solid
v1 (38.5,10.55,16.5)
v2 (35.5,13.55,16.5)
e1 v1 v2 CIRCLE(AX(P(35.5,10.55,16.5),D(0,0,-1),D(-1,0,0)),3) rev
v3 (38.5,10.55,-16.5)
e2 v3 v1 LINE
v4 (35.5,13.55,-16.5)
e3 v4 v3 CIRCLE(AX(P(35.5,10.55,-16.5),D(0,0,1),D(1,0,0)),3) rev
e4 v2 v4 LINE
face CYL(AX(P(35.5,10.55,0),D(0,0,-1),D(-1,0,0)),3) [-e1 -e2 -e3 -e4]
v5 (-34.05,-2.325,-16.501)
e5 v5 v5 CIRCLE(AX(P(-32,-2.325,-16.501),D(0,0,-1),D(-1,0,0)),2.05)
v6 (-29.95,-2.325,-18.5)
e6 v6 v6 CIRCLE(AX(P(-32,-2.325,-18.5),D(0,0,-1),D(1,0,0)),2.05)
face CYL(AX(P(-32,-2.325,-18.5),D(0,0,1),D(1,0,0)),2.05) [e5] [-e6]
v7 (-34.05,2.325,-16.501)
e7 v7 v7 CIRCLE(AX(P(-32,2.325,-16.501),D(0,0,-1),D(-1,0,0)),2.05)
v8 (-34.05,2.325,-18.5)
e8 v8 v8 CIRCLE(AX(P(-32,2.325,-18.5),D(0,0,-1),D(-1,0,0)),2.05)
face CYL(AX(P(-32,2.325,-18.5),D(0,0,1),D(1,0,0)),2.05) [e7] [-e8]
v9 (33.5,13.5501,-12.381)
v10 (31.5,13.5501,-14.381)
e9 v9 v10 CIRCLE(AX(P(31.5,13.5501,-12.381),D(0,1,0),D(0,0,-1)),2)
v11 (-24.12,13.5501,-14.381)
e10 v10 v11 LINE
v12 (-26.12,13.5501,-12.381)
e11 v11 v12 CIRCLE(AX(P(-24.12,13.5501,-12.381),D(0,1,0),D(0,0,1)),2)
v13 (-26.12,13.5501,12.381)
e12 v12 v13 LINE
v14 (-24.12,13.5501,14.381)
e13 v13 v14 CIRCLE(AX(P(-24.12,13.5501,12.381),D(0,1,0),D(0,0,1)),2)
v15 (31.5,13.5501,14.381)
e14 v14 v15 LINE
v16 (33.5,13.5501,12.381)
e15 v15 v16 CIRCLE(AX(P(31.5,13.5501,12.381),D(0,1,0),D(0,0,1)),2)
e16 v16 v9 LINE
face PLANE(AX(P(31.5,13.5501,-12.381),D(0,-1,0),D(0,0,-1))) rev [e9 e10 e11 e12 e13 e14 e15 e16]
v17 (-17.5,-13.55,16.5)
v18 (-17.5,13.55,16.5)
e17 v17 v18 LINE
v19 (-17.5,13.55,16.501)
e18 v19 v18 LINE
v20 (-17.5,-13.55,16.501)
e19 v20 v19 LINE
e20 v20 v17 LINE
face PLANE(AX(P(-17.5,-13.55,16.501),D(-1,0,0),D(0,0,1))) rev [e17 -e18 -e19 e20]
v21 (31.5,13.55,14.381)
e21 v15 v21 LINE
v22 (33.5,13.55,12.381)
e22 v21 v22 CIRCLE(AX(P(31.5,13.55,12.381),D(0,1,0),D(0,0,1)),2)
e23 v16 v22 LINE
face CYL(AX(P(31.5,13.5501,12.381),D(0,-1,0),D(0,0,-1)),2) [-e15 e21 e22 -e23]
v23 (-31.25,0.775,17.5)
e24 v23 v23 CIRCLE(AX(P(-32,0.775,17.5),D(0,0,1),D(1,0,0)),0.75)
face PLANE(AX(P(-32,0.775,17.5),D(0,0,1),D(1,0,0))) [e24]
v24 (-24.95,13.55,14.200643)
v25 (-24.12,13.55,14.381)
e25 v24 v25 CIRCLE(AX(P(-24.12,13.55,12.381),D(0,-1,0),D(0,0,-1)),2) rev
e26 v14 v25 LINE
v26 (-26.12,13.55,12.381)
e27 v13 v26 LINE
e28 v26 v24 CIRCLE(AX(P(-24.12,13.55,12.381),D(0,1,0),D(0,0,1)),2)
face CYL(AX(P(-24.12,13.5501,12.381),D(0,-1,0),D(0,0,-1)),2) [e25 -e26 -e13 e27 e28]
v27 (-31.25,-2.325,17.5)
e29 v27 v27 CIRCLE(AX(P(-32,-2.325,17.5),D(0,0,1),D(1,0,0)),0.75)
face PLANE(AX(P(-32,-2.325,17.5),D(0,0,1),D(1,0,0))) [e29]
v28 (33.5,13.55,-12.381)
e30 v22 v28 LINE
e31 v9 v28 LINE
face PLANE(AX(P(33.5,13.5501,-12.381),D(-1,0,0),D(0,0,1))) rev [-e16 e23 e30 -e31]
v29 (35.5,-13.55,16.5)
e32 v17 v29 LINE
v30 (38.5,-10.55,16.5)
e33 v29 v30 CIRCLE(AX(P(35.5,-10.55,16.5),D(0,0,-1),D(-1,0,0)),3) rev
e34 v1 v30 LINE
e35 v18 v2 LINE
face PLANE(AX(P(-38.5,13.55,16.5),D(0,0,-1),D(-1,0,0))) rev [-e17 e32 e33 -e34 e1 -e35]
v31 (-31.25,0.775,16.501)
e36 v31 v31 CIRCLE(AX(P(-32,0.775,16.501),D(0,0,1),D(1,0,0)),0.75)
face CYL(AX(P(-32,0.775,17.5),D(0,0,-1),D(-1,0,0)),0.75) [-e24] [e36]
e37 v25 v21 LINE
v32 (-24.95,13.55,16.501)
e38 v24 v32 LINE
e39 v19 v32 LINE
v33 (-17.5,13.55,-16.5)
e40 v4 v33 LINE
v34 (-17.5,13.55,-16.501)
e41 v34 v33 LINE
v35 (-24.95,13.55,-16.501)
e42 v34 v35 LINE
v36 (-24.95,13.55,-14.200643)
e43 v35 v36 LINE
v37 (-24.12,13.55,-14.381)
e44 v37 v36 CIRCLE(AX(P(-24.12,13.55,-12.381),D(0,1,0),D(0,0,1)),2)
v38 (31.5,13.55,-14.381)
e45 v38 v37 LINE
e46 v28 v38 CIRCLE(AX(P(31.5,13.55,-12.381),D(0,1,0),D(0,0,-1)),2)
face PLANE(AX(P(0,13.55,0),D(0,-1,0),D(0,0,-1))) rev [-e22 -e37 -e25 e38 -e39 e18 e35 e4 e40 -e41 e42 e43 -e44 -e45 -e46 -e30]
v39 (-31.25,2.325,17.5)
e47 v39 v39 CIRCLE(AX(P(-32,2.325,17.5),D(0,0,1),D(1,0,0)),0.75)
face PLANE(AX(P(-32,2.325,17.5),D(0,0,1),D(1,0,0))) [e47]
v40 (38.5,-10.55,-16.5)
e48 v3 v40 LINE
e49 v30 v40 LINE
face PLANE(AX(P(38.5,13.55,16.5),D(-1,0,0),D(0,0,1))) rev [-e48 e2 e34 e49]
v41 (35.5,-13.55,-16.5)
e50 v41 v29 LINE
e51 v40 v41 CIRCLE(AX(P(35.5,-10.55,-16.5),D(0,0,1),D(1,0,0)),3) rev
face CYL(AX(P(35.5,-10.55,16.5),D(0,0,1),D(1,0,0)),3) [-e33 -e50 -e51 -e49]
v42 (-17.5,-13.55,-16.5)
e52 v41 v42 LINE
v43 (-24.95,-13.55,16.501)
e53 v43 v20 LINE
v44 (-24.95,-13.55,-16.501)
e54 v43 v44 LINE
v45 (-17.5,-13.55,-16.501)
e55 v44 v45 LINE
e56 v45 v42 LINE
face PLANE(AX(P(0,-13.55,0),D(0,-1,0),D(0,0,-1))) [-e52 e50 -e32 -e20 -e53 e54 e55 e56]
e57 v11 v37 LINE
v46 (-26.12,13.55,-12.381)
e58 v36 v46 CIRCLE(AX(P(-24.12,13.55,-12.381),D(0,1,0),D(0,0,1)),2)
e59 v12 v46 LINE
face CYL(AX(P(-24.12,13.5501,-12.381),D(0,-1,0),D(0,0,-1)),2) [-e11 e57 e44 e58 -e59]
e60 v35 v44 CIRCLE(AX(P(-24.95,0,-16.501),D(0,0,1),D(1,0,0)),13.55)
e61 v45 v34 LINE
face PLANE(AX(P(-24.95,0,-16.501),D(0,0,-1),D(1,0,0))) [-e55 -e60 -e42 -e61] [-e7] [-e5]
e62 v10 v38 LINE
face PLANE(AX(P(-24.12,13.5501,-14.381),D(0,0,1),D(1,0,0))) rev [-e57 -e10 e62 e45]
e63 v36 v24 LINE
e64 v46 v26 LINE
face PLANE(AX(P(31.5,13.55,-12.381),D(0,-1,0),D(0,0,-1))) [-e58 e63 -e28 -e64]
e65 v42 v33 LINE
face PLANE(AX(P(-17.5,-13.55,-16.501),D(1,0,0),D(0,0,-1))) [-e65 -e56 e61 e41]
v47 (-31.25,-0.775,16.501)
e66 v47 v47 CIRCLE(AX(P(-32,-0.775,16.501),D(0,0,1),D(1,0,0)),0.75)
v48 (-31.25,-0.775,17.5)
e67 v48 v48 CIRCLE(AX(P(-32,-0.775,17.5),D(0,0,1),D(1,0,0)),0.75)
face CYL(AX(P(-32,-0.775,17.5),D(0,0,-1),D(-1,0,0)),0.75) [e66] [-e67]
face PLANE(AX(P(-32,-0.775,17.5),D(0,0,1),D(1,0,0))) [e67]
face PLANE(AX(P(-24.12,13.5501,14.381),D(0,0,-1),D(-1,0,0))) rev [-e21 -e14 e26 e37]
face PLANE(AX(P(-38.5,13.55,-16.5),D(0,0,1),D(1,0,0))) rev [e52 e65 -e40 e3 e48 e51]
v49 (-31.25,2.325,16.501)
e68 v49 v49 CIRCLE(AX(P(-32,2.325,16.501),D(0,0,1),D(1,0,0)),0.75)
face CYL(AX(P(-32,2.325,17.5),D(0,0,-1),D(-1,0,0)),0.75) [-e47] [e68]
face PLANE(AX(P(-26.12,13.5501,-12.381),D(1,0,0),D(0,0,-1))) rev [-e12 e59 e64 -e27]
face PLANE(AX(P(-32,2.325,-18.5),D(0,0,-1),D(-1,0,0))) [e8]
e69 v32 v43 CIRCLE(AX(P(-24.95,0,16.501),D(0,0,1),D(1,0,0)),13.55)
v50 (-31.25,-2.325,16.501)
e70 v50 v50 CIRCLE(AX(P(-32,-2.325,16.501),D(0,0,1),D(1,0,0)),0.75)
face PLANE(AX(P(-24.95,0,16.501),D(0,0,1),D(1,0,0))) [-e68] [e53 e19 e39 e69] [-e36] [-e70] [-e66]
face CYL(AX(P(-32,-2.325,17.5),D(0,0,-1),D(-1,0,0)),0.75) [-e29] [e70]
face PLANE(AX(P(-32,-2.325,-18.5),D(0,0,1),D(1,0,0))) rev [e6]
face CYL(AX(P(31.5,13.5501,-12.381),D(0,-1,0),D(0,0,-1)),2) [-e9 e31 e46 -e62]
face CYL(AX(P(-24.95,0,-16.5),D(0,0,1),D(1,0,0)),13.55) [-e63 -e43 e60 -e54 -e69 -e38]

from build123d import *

# Parameters (mm, degrees)
ESBO_O1_W                = 77
ESBO_O1_H                = 33
RESSALTO_EXTRUS_O1_DEPTH = 13.55
FILETE1_RADIUS           = 13.55
FILETE1_LENGTH           = 33
FILETE2_R                = 3
ESBO_O2_R                = 0.75
RESSALTO_EXTRUS_O6_DEPTH = 1
ESBO_O3_R                = 2.05
RESSALTO_EXTRUS_O7_DEPTH = 2
RESSALTO_EXTRUS_O8_DEPTH = 0.001
RESSALTO_EXTRUS_O9_DEPTH = 0.0001


with BuildPart() as part:
    # Esboço1 → Ressalto-extrusão1 (new, symmetric)
    with BuildSketch(Plane(origin=(0, 0, 0), x_dir=(1, 0, 0), z_dir=(0, 1, 0))):
        Rectangle(ESBO_O1_W, ESBO_O1_H)
    extrude(amount=RESSALTO_EXTRUS_O1_DEPTH, both=True)

    # Filete1: full round fillet: the end face becomes a half cylinder, R = half its width
    filete1_face = Plane((-38.5, 0, 0), x_dir=(0, 0, -1), z_dir=(-1, 0, 0))  # on the end face: x along it, z out of the body
    filete1_slab = filete1_face.offset(-FILETE1_RADIUS / 2) * Box(FILETE1_LENGTH, 2 * FILETE1_RADIUS, FILETE1_RADIUS, mode=Mode.PRIVATE)  # the body's end, R deep
    filete1_round = Plane((-24.95, 0, 0), x_dir=(-1, 0, 0), z_dir=(0, 0, -1)) * Cylinder(FILETE1_RADIUS, FILETE1_LENGTH, mode=Mode.PRIVATE)  # its axis R under the face
    add(filete1_slab - filete1_round, mode=Mode.SUBTRACT)

    # Filete2
    filete2_edges = [part.edges().sort_by_distance(p)[0] for p in [
        (38.5, 13.55, 0),
        (38.5, -13.55, 0),
    ]]
    fillet(filete2_edges, radius=FILETE2_R)

    # Esboço2 → Ressalto-extrusão6 (add)
    with BuildSketch(Plane.XY.offset(16.5)):
        with Locations(Location((-32, 2.325, 0), (0, 0, 180))):
            Circle(ESBO_O2_R)
        with Locations(Location((-32, 0.775, 0), (0, 0, 180))):
            Circle(ESBO_O2_R)
        with Locations(Location((-32, -0.775, 0), (0, 0, 180))):
            Circle(ESBO_O2_R)
        with Locations(Location((-32, -2.325, 0), (0, 0, 180))):
            Circle(ESBO_O2_R)
    extrude(amount=RESSALTO_EXTRUS_O6_DEPTH)

    # Esboço3 → Ressalto-extrusão7 (add)
    with BuildSketch(Plane(origin=(0, 0, -16.5), x_dir=(-1, 0, 0), z_dir=(0, 0, -1))):
        with Locations(Location((32, 2.325, 0), (0, 0, 180))):
            Circle(ESBO_O3_R)
        with Locations(Location((32, -2.325, 0), (0, 0, 180))):
            Circle(ESBO_O3_R)
    extrude(amount=RESSALTO_EXTRUS_O7_DEPTH)

    # Esboço4 → Ressalto-extrusão8 (add)
    with BuildSketch(Plane.XY.offset(16.5)):
        with BuildLine():
            Line((-17.5, -13.55), (-17.5, 13.55))
            Line((-17.5, 13.55), (-24.95, 13.55))
            ThreePointArc((-24.95, 13.55), (-38.5, 0), (-24.95, -13.55))
            Line((-24.95, -13.55), (-17.5, -13.55))
        make_face()
    ressalto_extrus_o8 = extrude(amount=RESSALTO_EXTRUS_O8_DEPTH)

    # Espelhar1: Ressalto-extrusão8 across plane
    add(ressalto_extrus_o8.mirror(Plane.XY))

    # Esboço6 → Ressalto-extrusão9 (add)
    with BuildSketch(Plane(origin=(0, 13.55, 0), x_dir=(1, 0, 0), z_dir=(0, 1, 0))):
        with BuildLine():
            Line((-24.12, 14.381), (31.5, 14.381))
            ThreePointArc((31.5, 14.381), (32.914213562, 13.795213562), (33.5, 12.381))
            Line((33.5, 12.381), (33.5, -12.381))
            ThreePointArc((33.5, -12.381), (32.914213562, -13.795213562), (31.5, -14.381))
            Line((31.5, -14.381), (-24.12, -14.381))
            ThreePointArc((-24.12, -14.381), (-25.534213562, -13.795213562), (-26.12, -12.381))
            Line((-26.12, -12.381), (-26.12, 12.381))
            ThreePointArc((-26.12, 12.381), (-25.534213562, 13.795213562), (-24.12, 14.381))
        make_face()
    extrude(amount=RESSALTO_EXTRUS_O9_DEPTH)


solid = part.part
